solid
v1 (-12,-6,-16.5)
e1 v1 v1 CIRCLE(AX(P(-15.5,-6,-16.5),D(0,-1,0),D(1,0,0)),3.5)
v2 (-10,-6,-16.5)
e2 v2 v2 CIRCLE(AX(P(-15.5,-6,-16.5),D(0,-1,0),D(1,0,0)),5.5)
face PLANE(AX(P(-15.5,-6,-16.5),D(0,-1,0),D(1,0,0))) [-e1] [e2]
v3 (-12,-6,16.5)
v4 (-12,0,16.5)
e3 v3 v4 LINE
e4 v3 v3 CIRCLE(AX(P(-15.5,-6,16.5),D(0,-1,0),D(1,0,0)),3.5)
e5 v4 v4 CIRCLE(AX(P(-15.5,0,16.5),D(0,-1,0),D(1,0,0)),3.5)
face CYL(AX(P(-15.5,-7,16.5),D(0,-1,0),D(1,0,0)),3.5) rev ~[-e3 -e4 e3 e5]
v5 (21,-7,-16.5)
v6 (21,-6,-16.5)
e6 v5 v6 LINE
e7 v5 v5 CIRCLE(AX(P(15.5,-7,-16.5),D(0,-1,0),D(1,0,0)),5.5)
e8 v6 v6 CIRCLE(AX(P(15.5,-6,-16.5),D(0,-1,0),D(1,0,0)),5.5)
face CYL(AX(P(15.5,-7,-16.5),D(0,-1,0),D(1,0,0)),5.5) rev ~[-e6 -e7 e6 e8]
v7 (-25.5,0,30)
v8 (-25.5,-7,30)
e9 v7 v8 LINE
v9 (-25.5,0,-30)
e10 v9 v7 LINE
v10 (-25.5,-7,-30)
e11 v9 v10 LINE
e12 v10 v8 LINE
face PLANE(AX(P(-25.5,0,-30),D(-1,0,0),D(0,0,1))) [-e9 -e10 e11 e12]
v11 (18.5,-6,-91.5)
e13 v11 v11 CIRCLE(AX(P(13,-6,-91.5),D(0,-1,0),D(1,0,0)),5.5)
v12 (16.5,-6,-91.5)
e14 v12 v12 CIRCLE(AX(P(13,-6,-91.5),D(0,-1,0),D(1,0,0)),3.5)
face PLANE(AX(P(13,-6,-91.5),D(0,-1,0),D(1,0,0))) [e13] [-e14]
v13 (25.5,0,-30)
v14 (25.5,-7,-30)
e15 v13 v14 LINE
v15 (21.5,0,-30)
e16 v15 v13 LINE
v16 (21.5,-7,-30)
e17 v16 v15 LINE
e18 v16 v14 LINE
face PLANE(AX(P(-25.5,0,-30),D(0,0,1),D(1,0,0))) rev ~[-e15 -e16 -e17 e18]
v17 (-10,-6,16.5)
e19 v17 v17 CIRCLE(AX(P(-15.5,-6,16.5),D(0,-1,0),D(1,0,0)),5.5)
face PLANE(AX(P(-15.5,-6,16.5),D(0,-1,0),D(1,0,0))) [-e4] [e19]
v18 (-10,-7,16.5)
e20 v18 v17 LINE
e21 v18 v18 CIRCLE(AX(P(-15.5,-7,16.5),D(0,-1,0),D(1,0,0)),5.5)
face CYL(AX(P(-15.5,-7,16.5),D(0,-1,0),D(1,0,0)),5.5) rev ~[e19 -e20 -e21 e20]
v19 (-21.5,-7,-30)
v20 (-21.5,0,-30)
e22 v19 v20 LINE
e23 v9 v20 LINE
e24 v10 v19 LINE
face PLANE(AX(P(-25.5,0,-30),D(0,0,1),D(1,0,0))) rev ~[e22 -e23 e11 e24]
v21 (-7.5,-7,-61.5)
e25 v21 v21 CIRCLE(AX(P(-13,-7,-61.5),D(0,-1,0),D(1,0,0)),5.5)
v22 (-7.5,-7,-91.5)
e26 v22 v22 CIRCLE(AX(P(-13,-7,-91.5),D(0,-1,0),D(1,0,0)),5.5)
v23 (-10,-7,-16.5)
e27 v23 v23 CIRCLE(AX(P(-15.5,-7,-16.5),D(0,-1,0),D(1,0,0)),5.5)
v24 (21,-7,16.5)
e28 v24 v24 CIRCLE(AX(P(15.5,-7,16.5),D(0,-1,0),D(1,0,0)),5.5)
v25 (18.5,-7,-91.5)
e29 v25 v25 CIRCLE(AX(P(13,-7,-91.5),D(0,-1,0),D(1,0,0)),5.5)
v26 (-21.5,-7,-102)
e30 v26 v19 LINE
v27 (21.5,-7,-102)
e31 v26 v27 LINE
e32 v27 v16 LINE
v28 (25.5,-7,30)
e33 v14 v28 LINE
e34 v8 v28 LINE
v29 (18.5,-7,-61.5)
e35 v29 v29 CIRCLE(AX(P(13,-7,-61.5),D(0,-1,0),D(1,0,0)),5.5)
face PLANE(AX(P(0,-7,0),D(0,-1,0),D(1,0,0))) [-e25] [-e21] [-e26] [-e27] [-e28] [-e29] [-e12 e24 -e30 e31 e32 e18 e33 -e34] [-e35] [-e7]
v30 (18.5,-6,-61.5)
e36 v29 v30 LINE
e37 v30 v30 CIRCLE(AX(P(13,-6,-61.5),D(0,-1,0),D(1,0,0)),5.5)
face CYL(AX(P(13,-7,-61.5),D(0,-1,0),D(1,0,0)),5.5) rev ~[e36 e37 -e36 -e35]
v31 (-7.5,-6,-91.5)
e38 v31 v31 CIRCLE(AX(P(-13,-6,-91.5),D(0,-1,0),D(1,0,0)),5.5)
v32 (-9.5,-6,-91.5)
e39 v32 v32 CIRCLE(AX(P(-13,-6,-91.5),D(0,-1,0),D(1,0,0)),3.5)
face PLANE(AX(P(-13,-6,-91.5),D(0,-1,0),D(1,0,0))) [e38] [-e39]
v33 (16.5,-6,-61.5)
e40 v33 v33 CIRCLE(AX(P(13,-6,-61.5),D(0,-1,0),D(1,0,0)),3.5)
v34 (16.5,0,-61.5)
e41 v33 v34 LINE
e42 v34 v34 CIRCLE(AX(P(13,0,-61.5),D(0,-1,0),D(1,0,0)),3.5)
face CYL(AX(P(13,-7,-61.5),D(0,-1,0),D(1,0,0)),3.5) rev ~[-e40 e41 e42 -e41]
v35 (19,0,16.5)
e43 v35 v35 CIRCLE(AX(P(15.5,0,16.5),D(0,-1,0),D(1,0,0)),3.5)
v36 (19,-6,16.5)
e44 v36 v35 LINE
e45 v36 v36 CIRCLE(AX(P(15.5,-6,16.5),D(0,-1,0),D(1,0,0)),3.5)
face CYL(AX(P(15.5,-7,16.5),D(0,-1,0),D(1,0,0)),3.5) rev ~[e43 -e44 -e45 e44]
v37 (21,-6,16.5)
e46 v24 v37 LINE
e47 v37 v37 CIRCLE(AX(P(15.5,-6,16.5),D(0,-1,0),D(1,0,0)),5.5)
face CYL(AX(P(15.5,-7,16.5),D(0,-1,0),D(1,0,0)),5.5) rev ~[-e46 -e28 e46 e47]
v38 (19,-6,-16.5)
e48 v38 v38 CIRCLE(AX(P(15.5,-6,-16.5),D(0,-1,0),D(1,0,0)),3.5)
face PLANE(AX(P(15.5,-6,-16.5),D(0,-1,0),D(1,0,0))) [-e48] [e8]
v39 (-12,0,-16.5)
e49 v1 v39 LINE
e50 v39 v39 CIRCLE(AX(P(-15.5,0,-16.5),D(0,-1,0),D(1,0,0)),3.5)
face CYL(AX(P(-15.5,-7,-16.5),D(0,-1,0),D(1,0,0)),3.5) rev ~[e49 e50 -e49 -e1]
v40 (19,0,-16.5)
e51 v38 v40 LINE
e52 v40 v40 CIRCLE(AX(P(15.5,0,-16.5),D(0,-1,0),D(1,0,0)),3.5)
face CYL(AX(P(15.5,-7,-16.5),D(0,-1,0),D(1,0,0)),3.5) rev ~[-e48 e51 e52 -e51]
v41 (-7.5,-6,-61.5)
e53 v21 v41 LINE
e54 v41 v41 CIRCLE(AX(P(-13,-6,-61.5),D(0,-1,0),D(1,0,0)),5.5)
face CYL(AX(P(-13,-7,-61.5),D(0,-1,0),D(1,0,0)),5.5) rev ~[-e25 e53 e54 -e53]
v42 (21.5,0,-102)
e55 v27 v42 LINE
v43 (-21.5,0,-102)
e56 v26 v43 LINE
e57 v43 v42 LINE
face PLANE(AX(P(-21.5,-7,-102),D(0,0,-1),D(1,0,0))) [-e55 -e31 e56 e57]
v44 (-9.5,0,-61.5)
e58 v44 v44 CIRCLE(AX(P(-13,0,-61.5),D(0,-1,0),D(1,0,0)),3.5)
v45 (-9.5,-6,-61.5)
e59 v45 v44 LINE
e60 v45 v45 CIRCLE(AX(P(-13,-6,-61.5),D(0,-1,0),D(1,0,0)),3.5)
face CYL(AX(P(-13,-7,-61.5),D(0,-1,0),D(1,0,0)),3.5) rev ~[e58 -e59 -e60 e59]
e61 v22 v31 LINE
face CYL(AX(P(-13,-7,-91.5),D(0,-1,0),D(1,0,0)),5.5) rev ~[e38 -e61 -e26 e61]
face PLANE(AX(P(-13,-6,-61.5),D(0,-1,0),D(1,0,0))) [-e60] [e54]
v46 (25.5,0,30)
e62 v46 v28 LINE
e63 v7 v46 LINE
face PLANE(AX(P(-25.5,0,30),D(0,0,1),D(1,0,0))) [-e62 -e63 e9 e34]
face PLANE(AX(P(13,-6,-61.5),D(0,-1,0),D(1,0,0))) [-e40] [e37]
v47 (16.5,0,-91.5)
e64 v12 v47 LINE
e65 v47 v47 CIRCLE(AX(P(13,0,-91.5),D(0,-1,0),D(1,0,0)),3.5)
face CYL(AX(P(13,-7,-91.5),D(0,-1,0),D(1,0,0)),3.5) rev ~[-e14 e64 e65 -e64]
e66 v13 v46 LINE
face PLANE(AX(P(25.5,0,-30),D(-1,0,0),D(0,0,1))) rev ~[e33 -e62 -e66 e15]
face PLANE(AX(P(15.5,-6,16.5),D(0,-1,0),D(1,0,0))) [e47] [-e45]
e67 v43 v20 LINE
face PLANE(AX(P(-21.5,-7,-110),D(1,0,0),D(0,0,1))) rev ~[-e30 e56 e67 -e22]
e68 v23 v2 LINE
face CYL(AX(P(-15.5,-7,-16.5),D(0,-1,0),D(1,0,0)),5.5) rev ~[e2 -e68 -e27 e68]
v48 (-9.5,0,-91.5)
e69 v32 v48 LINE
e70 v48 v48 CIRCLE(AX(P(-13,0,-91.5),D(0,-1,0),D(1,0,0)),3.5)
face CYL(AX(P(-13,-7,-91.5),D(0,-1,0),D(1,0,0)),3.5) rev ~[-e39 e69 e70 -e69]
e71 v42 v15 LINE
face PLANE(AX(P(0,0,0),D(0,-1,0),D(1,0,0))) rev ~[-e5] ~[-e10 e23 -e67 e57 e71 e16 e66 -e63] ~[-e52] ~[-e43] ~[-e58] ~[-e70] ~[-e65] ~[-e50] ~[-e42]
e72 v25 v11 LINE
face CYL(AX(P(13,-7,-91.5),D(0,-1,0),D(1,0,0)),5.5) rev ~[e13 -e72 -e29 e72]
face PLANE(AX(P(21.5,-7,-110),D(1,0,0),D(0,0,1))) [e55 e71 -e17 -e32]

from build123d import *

# Parameters (mm, degrees)
F0_W      = 51
F0_H      = 60
F1_DEPTH  = 7
F2_R      = 3.5
F3_DEPTH  = 25
F4_R      = 5.5
F5_DEPTH  = 1
F6_W      = 43
F6_H      = 80
F7_DEPTH  = 7
F9_R      = 3.5
F10_DEPTH = 25
F11_R     = 5.5
F12_DEPTH = 1
F13_W     = 43
F13_H     = 8
F14_DEPTH = 25


with BuildPart() as f1:
    # F0 (on Front) → F1 (new body)
    with BuildSketch(Plane.XZ):
        Rectangle(F0_W, F0_H)
    extrude(amount=F1_DEPTH)

    # F2 (on face) → F3 (cut)
    with BuildSketch(Plane.XZ.offset(7)):
        with Locations((-15.5, 16.5)):
            Circle(F2_R)
        with Locations((-15.5, -16.5)):
            Circle(F2_R)
        with Locations((15.5, 16.5)):
            Circle(F2_R)
        with Locations((15.5, -16.5)):
            Circle(F2_R)
    extrude(amount=-F3_DEPTH, mode=Mode.SUBTRACT)

    # F4 (on face) → F5 (cut)
    with BuildSketch(Plane.XZ.offset(7)):
        with Locations((-15.5, 16.5)):
            Circle(F4_R)
        with Locations((-15.5, -16.5)):
            Circle(F4_R)
        with Locations((15.5, -16.5)):
            Circle(F4_R)
        with Locations((15.5, 16.5)):
            Circle(F4_R)
    extrude(amount=-F5_DEPTH, mode=Mode.SUBTRACT)


with BuildPart() as f7:
    # F6 (on face) → F7 (new body)
    with BuildSketch(Plane.XZ.offset(7)):
        with Locations((0, -70)):
            Rectangle(F6_W, F6_H)
    extrude(amount=-F7_DEPTH)


with BuildPart() as f1_1:
    add(f1.part)

    # F8: union F7
    add(f7.part)

    # F9 (on face) → F10 (cut)
    with BuildSketch(Plane.XZ.offset(7)):
        with Locations((-13, -61.5)):
            Circle(F9_R)
        with Locations((13, -61.5)):
            Circle(F9_R)
        with Locations((-13, -91.5)):
            Circle(F9_R)
        with Locations((13, -91.5)):
            Circle(F9_R)
    extrude(amount=-F10_DEPTH, mode=Mode.SUBTRACT)

    # F11 (on face) → F12 (cut)
    with BuildSketch(Plane.XZ.offset(7)):
        with Locations((-13, -61.5)):
            Circle(F11_R)
        with Locations((13, -61.5)):
            Circle(F11_R)
        with Locations((-13, -91.5)):
            Circle(F11_R)
        with Locations((13, -91.5)):
            Circle(F11_R)
    extrude(amount=-F12_DEPTH, mode=Mode.SUBTRACT)

    # F13 (on face) → F14 (cut)
    with BuildSketch(Plane.XZ.offset(7)):
        with Locations((0, -106)):
            Rectangle(F13_W, F13_H)
    extrude(amount=-F14_DEPTH, mode=Mode.SUBTRACT)


solid = f1_1.part
